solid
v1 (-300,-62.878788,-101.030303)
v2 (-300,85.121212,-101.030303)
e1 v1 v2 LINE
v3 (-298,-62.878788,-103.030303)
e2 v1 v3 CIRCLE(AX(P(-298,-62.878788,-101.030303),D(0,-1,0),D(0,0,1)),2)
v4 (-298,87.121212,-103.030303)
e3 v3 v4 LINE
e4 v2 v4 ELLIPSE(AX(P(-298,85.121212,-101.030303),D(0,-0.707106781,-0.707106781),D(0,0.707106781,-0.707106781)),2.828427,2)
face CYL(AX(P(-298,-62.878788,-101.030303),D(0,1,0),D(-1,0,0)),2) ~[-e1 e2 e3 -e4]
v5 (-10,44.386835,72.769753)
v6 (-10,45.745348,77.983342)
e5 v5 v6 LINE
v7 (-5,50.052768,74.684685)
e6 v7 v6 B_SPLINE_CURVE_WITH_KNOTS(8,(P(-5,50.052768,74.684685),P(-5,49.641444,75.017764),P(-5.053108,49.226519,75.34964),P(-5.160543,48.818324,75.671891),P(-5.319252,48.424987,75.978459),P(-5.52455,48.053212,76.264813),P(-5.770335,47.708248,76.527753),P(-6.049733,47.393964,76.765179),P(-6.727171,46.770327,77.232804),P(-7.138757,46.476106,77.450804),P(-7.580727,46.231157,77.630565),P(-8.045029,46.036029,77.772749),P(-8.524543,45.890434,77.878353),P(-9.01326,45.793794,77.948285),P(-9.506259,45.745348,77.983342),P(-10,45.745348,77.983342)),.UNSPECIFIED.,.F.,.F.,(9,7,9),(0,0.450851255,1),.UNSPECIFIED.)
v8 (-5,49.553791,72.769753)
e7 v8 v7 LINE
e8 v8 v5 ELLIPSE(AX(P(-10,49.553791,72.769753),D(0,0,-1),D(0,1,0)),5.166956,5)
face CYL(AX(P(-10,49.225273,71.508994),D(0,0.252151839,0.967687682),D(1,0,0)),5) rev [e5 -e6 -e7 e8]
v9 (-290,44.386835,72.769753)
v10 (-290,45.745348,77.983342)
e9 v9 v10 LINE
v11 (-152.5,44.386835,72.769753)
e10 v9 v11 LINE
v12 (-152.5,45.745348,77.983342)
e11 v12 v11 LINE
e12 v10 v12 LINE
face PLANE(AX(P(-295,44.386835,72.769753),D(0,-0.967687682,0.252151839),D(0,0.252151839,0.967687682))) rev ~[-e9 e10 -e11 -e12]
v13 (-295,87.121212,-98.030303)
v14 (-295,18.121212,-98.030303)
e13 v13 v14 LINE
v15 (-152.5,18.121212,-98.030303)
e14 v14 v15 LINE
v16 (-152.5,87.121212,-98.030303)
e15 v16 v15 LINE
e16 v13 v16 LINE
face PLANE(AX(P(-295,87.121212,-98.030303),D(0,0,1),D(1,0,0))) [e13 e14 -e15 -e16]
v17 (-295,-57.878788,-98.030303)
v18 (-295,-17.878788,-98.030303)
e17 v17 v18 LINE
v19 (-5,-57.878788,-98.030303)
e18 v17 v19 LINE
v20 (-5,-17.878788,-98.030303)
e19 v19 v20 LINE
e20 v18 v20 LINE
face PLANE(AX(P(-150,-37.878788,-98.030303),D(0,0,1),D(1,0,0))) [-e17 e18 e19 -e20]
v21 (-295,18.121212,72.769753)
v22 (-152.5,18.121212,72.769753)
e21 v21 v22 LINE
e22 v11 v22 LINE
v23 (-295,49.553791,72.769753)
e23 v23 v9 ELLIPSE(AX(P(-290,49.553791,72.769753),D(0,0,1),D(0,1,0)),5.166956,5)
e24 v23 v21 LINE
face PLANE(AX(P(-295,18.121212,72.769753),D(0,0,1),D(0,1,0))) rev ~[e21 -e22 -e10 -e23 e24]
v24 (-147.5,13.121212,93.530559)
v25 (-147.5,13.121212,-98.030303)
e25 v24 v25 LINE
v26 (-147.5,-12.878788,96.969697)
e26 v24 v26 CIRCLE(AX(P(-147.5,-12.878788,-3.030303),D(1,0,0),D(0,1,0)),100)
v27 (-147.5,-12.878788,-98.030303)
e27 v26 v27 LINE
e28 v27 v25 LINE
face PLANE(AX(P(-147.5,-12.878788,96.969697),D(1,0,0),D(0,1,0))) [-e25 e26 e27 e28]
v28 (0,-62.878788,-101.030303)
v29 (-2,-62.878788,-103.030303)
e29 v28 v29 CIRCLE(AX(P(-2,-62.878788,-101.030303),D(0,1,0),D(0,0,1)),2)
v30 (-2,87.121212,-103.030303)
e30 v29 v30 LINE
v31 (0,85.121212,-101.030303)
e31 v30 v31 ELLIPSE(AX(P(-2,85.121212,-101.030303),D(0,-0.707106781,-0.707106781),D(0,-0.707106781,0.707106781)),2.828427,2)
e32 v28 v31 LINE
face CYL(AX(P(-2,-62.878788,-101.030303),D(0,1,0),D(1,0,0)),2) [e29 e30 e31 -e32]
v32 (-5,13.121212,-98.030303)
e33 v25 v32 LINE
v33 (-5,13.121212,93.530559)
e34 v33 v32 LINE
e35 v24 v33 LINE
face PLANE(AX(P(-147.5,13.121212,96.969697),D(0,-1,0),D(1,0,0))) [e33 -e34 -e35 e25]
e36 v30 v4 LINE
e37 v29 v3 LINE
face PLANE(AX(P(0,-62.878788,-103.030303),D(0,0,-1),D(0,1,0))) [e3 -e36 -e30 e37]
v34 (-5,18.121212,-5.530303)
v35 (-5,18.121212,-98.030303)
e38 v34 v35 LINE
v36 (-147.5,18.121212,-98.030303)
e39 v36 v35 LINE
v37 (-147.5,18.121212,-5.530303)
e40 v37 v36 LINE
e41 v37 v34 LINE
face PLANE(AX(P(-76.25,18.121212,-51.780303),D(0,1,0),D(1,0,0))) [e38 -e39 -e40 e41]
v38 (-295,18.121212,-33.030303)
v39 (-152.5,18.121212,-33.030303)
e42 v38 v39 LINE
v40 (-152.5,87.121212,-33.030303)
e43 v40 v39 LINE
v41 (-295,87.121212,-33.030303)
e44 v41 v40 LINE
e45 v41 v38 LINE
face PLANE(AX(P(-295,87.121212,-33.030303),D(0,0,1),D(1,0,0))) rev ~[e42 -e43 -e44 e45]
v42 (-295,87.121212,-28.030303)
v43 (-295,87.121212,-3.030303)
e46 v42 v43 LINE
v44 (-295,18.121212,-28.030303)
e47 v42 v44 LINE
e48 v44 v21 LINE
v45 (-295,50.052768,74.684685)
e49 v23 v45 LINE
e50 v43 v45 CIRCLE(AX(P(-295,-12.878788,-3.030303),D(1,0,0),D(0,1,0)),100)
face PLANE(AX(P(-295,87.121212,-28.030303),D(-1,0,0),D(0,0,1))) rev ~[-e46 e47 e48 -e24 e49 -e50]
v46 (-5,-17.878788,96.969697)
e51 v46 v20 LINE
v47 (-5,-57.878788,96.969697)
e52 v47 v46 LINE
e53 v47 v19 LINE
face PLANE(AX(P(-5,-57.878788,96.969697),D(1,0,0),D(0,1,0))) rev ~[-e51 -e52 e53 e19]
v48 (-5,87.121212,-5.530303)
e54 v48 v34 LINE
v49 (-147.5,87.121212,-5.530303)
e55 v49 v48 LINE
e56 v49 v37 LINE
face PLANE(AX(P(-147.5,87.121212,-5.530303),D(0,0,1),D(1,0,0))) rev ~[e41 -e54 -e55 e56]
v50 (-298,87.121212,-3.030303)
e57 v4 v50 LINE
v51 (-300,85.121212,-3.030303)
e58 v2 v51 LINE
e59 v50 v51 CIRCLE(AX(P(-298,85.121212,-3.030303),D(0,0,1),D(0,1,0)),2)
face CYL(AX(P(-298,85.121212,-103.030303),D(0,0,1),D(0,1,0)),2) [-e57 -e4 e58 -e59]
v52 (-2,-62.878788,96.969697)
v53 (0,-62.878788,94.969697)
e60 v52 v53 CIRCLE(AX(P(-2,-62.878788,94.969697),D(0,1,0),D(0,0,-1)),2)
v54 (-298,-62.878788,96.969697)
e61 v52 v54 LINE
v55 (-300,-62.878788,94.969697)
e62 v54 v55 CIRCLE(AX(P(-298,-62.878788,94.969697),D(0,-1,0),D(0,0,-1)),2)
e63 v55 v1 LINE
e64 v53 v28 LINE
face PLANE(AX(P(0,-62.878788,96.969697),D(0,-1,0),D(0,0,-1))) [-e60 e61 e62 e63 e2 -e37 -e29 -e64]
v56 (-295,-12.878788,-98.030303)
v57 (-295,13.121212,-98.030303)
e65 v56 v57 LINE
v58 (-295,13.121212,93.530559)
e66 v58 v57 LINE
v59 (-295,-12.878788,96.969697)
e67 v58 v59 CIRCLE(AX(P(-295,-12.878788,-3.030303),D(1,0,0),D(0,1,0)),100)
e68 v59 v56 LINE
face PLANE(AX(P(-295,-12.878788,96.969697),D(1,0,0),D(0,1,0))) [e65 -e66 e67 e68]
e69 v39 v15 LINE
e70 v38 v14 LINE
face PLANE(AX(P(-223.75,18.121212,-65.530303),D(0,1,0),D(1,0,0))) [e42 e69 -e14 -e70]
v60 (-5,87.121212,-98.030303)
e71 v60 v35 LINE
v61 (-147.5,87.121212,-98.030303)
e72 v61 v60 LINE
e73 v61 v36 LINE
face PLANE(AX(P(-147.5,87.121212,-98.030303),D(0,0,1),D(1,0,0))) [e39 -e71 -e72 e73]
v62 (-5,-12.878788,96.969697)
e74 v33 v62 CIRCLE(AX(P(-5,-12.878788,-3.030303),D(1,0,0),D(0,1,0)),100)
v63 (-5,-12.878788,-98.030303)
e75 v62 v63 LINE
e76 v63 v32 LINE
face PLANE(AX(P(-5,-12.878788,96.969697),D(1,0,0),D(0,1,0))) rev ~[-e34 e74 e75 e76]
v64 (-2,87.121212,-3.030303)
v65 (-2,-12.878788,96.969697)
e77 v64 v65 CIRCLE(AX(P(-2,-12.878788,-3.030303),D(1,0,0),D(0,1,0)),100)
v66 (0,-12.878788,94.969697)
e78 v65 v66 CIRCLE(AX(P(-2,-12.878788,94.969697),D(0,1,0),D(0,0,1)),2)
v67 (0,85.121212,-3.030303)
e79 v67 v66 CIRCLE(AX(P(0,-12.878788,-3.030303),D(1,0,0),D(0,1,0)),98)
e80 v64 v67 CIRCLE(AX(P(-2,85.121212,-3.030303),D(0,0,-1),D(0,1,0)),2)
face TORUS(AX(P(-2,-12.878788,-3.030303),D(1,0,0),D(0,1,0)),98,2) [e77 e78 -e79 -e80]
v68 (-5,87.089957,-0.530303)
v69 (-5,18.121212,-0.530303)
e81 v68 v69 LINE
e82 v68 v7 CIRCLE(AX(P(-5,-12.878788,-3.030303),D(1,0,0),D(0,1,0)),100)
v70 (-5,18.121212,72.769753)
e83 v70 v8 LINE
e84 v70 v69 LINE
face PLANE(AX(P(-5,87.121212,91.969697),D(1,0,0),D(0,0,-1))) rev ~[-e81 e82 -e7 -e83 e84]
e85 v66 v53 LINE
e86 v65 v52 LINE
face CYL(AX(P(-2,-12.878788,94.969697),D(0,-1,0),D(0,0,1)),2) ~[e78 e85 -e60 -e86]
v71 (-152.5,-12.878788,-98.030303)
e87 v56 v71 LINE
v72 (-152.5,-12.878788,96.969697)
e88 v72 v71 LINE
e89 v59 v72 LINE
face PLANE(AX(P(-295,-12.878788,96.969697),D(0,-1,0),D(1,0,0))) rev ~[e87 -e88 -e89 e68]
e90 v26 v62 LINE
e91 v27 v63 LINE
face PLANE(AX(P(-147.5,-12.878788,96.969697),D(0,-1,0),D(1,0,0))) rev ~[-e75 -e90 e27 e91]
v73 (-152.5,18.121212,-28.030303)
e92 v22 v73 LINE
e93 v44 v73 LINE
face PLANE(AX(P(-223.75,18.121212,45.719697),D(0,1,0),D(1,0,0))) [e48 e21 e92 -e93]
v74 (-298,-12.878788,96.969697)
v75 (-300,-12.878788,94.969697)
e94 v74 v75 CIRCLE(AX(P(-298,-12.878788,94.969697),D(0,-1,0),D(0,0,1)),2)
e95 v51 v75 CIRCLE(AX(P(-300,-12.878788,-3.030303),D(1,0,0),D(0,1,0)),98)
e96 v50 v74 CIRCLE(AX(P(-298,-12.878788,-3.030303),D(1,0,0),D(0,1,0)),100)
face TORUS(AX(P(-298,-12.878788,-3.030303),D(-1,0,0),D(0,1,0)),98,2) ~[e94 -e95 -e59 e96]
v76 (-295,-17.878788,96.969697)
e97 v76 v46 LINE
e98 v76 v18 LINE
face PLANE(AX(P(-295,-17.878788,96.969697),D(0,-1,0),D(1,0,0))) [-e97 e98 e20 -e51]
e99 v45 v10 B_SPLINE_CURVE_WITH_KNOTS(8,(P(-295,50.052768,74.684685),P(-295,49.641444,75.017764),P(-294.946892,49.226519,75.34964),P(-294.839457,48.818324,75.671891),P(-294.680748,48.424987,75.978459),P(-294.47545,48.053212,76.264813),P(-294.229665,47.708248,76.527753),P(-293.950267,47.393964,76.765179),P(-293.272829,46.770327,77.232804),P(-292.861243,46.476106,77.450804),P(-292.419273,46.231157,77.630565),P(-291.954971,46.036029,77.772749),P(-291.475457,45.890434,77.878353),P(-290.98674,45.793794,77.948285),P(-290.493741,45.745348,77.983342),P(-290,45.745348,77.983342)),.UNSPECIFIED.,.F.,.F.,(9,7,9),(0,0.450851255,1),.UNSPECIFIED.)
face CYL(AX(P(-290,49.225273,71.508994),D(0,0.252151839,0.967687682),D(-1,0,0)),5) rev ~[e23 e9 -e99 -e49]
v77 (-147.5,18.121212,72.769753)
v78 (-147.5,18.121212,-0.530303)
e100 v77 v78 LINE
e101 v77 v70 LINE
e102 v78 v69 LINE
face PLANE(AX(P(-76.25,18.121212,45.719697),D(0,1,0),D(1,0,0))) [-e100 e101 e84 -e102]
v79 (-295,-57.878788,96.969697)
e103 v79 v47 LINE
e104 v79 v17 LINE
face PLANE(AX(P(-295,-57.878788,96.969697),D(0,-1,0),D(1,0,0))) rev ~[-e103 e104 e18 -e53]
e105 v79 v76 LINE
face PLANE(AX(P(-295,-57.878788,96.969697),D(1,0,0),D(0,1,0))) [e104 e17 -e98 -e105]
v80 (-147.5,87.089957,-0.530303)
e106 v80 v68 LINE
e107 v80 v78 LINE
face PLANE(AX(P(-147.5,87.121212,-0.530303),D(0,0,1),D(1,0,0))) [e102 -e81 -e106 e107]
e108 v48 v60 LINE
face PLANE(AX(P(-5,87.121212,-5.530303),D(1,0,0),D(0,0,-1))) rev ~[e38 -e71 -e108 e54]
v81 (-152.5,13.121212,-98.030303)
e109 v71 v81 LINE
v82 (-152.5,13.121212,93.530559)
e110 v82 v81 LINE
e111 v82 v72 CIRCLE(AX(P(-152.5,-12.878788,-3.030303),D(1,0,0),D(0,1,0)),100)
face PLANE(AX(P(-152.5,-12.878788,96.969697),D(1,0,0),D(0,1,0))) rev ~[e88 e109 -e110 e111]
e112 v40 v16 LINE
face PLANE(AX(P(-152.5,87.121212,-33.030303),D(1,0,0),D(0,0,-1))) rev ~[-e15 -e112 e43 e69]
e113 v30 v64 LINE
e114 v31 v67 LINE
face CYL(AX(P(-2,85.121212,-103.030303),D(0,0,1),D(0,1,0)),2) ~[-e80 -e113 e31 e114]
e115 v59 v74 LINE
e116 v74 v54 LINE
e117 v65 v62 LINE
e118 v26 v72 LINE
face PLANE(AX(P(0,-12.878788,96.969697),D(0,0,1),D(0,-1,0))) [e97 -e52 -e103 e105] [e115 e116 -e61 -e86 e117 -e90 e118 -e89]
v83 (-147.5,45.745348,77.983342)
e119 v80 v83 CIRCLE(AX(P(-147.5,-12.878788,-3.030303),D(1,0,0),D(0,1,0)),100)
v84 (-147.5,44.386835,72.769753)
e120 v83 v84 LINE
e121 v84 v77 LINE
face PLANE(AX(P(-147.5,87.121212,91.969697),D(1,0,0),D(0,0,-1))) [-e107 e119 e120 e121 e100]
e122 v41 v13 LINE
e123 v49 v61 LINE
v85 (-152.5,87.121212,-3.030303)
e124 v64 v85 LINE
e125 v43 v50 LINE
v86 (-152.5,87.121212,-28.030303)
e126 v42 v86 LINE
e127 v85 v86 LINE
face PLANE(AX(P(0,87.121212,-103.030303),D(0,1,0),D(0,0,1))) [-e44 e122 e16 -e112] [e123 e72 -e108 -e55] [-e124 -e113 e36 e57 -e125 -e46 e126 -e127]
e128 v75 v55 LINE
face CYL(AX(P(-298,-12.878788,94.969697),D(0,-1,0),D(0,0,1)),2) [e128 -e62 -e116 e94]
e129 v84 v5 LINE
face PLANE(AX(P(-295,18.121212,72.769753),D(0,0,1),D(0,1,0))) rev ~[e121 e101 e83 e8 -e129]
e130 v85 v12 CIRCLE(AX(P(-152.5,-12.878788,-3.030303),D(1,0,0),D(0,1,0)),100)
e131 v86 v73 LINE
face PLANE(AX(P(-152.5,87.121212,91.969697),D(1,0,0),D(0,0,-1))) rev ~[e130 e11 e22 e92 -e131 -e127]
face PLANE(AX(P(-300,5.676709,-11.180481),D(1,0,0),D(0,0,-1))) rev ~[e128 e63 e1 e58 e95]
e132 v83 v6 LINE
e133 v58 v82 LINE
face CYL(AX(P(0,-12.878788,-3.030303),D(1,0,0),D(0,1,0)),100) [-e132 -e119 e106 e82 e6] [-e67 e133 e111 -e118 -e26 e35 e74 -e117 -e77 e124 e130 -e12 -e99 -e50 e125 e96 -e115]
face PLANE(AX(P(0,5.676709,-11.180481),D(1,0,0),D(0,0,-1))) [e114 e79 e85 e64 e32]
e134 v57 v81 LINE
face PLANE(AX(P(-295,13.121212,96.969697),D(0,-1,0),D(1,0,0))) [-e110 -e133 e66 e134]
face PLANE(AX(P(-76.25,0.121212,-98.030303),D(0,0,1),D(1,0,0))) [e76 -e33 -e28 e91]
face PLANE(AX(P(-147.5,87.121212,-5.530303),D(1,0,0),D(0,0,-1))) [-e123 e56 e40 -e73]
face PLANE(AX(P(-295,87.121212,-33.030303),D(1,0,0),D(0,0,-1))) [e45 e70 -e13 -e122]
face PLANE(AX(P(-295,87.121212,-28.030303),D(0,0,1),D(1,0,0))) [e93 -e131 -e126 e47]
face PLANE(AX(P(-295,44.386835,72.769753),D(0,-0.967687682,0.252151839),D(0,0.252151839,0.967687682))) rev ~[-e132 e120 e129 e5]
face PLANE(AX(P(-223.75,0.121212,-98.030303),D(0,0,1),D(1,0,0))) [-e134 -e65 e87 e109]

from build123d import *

# Parameters (mm, degrees)
BOSS_EXTRUDE1_DEPTH = 300
SKETCH2_W           = 142.5
SKETCH2_H           = 65
SKETCH2_H_2         = 92.5
SKETCH2_H_3         = 22.5
SKETCH2_H_4         = 2.5
CUT_EXTRUDE1_DEPTH  = 69
SKETCH3_W           = 142.5
SKETCH3_H           = 26
SKETCH3_W_2         = 290
SKETCH3_H_2         = 40
CUT_EXTRUDE2_DEPTH  = 195
BOSS_EXTRUDE2_DEPTH = 290
FILLET1_R           = 2
FILLET2_R           = 5


with BuildPart() as part:
    # Sketch1 → Boss-Extrude1 (new body)
    with BuildSketch(Plane(origin=(0, 0, 0), x_dir=(0, 0, -1), z_dir=(1, 0, 0))):
        with BuildLine():
            Line((-96.96969697, -62.878787879), (103.03030303, -62.878787879))
            Line((103.03030303, -62.878787879), (103.03030303, 87.121212121))
            Line((103.03030303, 87.121212121), (3.03030303, 87.121212121))
            ThreePointArc((3.03030303, 87.121212121), (-67.680375088, 57.83189024), (-96.96969697, -12.878787879))
            Line((-96.96969697, -12.878787879), (-96.96969697, -62.878787879))
        make_face()
    extrude(amount=-BOSS_EXTRUDE1_DEPTH)

    # Sketch2 → Cut-Extrude1 (cut)
    with BuildSketch(Plane(origin=(0, 87.121212121, 0), x_dir=(1, 0, 0), z_dir=(0, 1, 0))):
        with Locations((-223.75, 65.53030303)):
            Rectangle(SKETCH2_W, SKETCH2_H)
        with Locations((-76.25, 51.78030303)):
            Rectangle(SKETCH2_W, SKETCH2_H_2)
        with Locations((-76.25, -45.71969697)):
            Rectangle(SKETCH2_W, SKETCH2_H_2)
        with Locations((-223.75, -45.71969697)):
            Rectangle(SKETCH2_W, SKETCH2_H_2)
        with Locations((-223.75, 16.78030303)):
            Rectangle(SKETCH2_W, SKETCH2_H_3)
        with Locations((-223.75, 4.28030303)):
            Rectangle(SKETCH2_W, SKETCH2_H_4)
        with Locations((-223.75, 1.78030303)):
            Rectangle(SKETCH2_W, SKETCH2_H_4)
    extrude(amount=-CUT_EXTRUDE1_DEPTH, mode=Mode.SUBTRACT)

    # Sketch3 → Cut-Extrude2 (cut)
    with BuildSketch(Plane.XY.offset(96.96969697)):
        with Locations((-76.25, 0.121212121)):
            Rectangle(SKETCH3_W, SKETCH3_H)
        with Locations((-223.75, 0.121212121)):
            Rectangle(SKETCH3_W, SKETCH3_H)
        with Locations((-150, -37.878787879)):
            Rectangle(SKETCH3_W_2, SKETCH3_H_2)
    extrude(amount=-CUT_EXTRUDE2_DEPTH, mode=Mode.SUBTRACT)

    # Sketch4 → Boss-Extrude2 (add)
    with BuildSketch(Plane(origin=(-295, 0, 0), x_dir=(0, 0, -1), z_dir=(1, 0, 0))):
        with BuildLine():
            Line((-72.769752814, 18.121212121), (-72.769752814, 44.386834741))
            ThreePointArc((-72.769752814, 44.386834741), (-80.804635484, 31.805695829), (-86.769474252, 18.121212121))
            Line((-86.769474252, 18.121212121), (-72.769752814, 18.121212121))
        make_face()
        with BuildLine():
            ThreePointArc((-86.769474252, 18.121212121), (-80.804635484, 31.805695829), (-72.769752814, 44.386834741))
            Line((-72.769752814, 44.386834741), (-77.983342338, 45.745347629))
            ThreePointArc((-77.983342338, 45.745347629), (-86.036408668, 32.586813044), (-91.96969697, 18.346202113))
            Line((-91.96969697, 18.346202113), (-91.96969697, 18.121212121))
            Line((-91.96969697, 18.121212121), (-86.769474252, 18.121212121))
        make_face()
    extrude(amount=BOSS_EXTRUDE2_DEPTH)

    # Fillet1
    fillet1_edges = [part.edges().sort_by_distance(p)[0] for p in [
        (-300, 12.121212121, -103.03030303),
        (-300, 87.121212121, -53.03030303),
        (-300, 57.83189024, 67.680375088),
        (-300, -37.878787879, 96.96969697),
        (0, 57.83189024, 67.680375088),
        (0, 87.121212121, -53.03030303),
        (0, 12.121212121, -103.03030303),
        (0, -37.878787879, 96.96969697),
    ]]
    fillet(fillet1_edges, radius=FILLET1_R)

    # Fillet2
    fillet2_edges = [part.edges().sort_by_distance(p)[0] for p in [
        (-5, 45.066091185, 75.376547576),
        (-295, 45.066091185, 75.376547576),
    ]]
    fillet(fillet2_edges, radius=FILLET2_R)


solid = part.part
